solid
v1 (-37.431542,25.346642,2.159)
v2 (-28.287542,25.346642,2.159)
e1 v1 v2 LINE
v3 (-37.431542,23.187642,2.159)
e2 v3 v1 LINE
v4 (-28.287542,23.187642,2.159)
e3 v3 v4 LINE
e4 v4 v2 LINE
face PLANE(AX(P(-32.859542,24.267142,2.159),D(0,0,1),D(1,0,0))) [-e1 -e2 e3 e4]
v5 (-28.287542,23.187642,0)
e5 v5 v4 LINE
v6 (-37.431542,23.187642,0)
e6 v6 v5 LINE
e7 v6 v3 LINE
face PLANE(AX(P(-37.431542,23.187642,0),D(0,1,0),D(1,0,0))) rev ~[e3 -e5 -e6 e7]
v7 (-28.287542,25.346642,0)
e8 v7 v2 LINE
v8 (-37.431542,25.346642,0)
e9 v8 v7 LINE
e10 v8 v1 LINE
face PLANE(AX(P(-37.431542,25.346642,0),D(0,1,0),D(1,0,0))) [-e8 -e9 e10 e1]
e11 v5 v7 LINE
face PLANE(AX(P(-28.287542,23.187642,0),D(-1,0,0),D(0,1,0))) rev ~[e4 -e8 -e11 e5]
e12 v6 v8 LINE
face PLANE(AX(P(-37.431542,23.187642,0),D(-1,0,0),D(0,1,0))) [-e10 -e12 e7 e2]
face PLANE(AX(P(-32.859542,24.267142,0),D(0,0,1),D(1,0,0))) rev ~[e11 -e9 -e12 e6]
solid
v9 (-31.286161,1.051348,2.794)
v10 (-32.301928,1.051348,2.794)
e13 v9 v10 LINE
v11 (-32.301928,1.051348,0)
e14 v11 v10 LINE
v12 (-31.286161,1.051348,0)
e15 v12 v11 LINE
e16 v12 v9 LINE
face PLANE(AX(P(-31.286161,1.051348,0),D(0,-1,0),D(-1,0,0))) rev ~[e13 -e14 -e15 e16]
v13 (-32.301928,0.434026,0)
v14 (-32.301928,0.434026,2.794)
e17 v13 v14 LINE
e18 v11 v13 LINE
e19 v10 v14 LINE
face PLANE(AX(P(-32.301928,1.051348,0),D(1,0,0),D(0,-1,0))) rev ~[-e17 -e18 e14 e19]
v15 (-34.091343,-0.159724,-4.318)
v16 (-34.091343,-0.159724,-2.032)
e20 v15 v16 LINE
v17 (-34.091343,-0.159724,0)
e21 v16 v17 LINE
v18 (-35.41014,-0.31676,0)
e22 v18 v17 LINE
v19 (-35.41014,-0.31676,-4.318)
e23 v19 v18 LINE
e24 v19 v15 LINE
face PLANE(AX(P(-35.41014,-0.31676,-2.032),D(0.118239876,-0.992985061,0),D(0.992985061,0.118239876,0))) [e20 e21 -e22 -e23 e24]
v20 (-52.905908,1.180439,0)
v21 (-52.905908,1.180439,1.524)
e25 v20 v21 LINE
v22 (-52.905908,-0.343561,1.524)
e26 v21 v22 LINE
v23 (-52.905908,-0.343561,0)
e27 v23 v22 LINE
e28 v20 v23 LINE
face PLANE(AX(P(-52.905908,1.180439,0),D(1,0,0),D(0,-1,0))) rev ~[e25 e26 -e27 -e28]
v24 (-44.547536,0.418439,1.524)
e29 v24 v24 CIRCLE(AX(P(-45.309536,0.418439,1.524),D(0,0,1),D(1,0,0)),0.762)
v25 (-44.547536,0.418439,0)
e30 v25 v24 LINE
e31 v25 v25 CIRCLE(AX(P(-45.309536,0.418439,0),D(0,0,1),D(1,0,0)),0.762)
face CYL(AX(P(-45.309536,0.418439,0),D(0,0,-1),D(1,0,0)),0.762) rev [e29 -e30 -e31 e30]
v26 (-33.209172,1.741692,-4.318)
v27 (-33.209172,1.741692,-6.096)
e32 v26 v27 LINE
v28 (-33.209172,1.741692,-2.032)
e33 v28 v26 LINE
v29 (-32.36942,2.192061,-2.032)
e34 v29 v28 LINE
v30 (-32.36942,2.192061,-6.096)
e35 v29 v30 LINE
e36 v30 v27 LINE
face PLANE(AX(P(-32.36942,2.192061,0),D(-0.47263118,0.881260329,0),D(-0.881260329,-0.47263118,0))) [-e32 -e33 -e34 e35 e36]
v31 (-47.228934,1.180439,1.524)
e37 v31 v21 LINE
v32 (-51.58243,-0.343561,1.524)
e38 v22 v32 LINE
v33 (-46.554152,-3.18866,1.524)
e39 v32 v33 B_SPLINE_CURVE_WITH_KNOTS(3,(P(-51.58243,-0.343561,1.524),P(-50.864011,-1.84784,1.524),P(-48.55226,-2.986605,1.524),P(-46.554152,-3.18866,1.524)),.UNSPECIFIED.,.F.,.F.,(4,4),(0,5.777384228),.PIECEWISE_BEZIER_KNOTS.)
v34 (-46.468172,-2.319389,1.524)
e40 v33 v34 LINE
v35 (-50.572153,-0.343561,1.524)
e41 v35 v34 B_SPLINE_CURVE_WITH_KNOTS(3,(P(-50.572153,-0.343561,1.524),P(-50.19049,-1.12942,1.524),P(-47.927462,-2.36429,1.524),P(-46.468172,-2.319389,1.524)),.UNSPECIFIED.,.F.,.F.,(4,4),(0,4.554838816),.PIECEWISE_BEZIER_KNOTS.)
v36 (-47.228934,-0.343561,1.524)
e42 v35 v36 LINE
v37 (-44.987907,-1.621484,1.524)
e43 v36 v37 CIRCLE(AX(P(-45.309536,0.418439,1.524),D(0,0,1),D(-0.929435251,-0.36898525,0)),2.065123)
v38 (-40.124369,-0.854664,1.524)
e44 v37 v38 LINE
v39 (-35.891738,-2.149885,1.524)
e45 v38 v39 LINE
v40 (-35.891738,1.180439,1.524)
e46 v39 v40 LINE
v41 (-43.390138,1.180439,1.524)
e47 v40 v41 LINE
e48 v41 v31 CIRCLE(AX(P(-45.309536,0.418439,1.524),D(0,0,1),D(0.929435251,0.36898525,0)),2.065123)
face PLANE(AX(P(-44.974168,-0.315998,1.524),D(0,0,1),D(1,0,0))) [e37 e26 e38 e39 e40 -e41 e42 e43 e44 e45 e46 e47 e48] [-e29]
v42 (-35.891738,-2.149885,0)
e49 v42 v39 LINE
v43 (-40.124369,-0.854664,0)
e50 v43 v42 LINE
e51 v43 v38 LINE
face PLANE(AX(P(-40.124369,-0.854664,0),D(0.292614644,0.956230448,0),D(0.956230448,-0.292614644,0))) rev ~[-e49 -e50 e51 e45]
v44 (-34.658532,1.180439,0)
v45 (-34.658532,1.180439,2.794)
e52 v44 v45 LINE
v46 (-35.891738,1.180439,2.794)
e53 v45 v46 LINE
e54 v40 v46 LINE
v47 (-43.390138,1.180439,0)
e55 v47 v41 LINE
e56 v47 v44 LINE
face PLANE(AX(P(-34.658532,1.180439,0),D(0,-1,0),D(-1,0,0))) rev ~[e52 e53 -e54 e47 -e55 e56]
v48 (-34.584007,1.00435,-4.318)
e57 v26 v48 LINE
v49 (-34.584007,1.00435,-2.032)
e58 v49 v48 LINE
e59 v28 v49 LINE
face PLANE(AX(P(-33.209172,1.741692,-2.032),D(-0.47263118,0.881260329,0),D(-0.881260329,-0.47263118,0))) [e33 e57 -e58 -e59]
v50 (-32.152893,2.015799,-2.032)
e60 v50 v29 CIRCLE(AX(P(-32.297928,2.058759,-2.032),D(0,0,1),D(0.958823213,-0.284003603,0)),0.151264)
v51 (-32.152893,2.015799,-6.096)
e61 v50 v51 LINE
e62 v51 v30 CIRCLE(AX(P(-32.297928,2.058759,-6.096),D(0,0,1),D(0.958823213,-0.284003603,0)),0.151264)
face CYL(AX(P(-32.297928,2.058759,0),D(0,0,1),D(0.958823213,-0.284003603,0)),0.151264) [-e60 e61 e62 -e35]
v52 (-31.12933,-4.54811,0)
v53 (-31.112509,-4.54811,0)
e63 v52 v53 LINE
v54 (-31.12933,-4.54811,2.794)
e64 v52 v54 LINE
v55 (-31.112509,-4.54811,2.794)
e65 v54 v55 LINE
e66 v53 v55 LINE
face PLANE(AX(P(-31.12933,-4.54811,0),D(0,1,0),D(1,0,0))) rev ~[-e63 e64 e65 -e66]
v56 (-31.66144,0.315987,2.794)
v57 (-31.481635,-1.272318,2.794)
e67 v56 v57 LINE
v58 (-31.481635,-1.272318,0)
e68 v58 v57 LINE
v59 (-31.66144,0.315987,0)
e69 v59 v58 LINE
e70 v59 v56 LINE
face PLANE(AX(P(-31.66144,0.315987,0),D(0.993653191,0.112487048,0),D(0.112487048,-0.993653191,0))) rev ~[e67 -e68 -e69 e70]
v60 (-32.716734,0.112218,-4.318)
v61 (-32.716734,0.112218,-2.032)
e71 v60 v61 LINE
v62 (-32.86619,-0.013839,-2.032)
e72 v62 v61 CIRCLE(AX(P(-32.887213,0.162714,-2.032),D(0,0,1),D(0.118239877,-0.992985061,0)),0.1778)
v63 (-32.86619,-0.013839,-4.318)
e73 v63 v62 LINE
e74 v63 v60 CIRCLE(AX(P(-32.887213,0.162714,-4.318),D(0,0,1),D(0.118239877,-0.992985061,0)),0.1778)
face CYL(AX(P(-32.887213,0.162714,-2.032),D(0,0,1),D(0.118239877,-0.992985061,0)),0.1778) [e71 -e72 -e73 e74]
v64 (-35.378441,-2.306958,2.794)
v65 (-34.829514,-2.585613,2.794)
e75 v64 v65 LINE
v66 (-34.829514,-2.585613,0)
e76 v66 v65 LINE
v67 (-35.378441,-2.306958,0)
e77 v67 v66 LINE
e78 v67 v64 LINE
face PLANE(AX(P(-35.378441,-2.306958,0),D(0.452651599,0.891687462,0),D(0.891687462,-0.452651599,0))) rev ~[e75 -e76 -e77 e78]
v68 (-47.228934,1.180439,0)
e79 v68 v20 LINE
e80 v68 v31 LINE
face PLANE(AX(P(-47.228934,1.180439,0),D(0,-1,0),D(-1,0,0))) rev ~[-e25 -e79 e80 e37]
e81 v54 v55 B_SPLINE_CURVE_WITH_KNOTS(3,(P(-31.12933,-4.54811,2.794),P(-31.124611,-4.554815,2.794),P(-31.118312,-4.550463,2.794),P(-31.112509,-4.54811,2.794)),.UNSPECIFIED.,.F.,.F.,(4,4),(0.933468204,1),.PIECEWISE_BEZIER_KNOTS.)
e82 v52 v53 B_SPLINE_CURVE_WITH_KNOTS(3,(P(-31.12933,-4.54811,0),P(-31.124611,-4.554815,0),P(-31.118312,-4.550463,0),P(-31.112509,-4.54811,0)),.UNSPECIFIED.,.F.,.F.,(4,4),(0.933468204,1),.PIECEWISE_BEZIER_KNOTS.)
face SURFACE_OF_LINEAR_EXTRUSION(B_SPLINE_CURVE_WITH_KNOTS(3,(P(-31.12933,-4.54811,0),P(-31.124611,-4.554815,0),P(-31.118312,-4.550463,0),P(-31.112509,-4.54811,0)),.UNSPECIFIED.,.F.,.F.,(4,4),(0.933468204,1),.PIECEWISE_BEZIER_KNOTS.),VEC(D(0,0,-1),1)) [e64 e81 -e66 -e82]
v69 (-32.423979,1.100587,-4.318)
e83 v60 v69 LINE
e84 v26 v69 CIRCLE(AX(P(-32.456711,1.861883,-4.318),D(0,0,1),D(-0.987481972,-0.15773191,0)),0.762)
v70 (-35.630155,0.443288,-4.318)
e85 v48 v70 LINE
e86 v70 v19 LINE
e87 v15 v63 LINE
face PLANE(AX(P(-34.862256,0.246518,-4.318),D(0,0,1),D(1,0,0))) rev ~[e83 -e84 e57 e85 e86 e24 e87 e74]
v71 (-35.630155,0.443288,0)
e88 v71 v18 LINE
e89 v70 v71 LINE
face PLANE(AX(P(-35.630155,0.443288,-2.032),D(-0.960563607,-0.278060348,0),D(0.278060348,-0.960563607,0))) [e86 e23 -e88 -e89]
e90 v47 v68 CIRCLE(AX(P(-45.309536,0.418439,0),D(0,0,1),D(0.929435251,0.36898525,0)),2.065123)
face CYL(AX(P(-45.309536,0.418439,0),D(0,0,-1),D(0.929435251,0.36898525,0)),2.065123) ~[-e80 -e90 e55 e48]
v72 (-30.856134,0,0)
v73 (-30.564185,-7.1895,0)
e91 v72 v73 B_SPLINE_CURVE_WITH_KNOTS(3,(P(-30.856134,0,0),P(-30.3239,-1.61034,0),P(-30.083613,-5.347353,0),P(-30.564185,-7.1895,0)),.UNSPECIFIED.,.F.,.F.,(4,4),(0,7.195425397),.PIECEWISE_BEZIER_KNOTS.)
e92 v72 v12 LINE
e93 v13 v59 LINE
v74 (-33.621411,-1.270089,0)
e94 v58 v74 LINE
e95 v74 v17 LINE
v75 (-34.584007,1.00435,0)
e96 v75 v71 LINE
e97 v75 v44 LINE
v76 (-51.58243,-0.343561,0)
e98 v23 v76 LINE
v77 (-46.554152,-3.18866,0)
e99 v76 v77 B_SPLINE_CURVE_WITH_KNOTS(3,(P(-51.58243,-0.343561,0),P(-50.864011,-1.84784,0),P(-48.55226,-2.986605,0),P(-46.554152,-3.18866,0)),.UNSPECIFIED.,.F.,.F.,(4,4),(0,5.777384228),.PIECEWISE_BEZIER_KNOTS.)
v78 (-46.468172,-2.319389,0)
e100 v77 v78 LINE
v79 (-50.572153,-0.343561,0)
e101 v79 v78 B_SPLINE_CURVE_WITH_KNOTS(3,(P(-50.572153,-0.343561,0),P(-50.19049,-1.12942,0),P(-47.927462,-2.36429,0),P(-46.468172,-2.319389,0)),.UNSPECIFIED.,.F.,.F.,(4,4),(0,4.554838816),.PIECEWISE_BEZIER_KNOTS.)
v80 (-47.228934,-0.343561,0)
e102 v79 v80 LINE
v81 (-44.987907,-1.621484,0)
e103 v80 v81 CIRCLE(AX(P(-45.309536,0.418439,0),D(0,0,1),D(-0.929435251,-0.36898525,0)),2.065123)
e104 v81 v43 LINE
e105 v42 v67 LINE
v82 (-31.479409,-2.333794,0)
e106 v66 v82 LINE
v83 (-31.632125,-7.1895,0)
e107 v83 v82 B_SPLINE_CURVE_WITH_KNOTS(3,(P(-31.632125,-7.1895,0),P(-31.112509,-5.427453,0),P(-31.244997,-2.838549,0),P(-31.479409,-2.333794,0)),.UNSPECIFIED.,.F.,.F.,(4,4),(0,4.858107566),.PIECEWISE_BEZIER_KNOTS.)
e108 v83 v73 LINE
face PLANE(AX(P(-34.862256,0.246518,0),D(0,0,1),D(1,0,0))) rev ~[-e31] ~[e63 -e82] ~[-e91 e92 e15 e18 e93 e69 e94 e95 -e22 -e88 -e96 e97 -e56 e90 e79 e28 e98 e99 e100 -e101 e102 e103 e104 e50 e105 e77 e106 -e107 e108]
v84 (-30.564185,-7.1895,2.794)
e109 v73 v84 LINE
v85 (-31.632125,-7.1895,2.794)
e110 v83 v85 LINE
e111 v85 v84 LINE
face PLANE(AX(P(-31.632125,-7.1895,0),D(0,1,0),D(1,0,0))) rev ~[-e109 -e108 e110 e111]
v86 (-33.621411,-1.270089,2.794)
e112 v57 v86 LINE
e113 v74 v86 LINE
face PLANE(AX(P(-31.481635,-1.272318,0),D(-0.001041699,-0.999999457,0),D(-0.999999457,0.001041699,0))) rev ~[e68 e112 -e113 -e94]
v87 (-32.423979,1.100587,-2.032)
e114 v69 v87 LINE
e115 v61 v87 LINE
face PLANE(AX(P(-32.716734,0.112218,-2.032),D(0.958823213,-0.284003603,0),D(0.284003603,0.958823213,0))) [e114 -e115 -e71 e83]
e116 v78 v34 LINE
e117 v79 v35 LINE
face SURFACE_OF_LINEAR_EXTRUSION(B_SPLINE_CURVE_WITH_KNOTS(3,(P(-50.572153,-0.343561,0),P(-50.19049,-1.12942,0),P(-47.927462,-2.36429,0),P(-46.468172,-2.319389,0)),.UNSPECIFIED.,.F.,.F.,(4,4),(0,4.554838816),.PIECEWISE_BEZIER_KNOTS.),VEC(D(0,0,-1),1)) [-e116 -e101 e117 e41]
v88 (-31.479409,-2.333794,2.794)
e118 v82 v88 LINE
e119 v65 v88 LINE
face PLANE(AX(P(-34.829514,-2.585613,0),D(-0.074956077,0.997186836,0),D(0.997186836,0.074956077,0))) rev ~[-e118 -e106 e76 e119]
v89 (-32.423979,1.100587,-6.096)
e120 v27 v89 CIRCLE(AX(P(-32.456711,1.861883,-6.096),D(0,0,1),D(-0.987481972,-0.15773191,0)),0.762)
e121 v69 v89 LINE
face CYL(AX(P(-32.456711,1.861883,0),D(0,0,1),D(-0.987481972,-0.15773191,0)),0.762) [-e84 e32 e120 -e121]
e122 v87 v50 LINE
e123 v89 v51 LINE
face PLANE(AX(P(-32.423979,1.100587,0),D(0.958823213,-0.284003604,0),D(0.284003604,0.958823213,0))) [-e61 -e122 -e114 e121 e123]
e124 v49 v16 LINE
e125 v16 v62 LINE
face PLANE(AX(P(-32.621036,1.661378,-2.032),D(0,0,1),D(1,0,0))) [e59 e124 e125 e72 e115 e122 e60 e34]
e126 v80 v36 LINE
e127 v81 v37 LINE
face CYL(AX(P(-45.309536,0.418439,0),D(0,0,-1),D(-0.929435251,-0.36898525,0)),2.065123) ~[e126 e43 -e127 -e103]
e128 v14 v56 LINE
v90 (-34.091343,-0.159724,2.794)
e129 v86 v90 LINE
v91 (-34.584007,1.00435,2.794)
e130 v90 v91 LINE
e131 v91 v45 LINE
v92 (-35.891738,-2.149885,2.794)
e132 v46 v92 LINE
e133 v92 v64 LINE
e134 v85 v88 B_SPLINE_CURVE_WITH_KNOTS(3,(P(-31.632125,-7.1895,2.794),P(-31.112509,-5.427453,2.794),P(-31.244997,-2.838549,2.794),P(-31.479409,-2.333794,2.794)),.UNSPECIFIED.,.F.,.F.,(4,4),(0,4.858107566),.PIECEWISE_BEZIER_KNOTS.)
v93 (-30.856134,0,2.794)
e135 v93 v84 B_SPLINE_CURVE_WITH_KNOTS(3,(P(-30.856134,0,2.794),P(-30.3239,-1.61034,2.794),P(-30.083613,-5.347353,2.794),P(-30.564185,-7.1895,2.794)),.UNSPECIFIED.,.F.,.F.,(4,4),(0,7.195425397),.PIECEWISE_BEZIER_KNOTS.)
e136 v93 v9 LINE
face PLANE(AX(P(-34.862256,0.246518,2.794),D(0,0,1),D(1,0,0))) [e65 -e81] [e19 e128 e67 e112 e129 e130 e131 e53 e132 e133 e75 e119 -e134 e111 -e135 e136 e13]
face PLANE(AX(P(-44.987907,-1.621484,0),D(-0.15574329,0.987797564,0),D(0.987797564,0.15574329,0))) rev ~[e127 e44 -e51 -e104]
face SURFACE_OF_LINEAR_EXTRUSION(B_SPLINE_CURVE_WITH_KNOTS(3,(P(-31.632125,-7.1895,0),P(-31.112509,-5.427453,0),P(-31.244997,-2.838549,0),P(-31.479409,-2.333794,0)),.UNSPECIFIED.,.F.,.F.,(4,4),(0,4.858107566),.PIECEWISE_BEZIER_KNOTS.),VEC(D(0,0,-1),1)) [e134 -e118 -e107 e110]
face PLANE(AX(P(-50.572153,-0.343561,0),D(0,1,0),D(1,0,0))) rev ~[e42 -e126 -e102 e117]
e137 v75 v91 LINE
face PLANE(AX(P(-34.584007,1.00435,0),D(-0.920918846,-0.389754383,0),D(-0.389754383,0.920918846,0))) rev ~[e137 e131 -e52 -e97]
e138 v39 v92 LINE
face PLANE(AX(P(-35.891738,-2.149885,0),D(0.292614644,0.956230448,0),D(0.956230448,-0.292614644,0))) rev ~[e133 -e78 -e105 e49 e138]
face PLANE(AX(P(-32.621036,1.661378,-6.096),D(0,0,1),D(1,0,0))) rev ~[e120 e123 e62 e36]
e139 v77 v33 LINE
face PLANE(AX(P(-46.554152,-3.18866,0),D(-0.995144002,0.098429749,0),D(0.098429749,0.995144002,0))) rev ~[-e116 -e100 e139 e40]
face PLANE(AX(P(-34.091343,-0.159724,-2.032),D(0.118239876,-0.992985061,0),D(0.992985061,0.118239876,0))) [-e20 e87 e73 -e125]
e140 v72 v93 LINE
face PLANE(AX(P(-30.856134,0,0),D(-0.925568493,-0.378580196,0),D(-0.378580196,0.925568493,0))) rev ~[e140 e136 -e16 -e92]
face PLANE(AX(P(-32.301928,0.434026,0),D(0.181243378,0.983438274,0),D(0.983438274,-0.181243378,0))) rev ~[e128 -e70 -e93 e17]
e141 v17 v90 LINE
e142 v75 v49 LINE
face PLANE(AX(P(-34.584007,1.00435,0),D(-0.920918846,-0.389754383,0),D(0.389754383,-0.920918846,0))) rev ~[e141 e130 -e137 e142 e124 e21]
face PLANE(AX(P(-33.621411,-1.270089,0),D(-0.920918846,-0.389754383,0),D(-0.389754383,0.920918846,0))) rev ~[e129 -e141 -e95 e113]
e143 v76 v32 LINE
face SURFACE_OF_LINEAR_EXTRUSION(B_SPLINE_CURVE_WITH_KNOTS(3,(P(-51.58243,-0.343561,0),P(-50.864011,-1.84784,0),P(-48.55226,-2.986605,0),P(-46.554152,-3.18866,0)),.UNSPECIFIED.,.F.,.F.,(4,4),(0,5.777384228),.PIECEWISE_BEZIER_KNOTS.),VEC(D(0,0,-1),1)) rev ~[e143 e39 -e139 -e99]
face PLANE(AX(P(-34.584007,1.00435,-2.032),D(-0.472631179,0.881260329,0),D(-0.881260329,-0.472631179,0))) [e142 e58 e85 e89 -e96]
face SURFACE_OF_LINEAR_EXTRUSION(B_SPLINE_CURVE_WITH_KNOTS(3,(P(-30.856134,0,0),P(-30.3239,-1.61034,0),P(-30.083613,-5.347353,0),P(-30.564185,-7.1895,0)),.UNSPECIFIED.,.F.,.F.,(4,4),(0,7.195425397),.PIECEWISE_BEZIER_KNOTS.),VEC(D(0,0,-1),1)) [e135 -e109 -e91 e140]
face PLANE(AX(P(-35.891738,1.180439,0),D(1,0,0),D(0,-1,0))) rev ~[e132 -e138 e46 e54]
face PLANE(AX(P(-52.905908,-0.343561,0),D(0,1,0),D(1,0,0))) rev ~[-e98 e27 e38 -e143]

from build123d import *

# Parameters (mm, degrees)
F0_R     = 0.762
F1_DEPTH = 1.524
F2_DEPTH = 2.794
F3_DEPTH = 2.032
F4_DEPTH = 2.286
F5_DEPTH = 2.032
F6_DEPTH = 6.096
F7_DEPTH = 2.032
F8_W     = 9.144
F8_H     = 2.159
F9_DEPTH = 2.159


with BuildPart() as f1:
    # F0 (on Top) → F1 (new body)
    with BuildSketch(Plane.XY):
        with BuildLine():
            Line((-52.9059080714, 1.1804393729), (-52.9059080714, -0.3435606271))
            Line((-52.9059080714, -0.3435606271), (-51.582429558, -0.3435606271))
            add(Edge.make_bspline(
                [(-51.582429558, -0.3435606271), (-50.8640110493, -1.8478401471), (-48.5522598028, -2.9866045807), (-46.5541519225, -3.1886603683)],
                knots=[0, 0, 0, 0, 5.777384228, 5.777384228, 5.777384228, 5.777384228], degree=3))
            Line((-46.5541519225, -3.1886603683), (-46.4681722224, -2.3193887901))
            add(Edge.make_bspline(
                [(-50.5721531808, -0.3435606271), (-50.1904897392, -1.1294196593), (-47.9274615645, -2.3642899469), (-46.4681722224, -2.3193887901)],
                knots=[0, 0, 0, 0, 4.5548388157, 4.5548388157, 4.5548388157, 4.5548388157], degree=3))
            Line((-50.5721531808, -0.3435606271), (-47.2289341032, -0.3435606271))
            ThreePointArc((-47.2289341032, -0.3435606271), (-46.3325161766, -1.3755073899), (-44.9879067227, -1.6214842931))
            Line((-44.9879067227, -1.6214842931), (-40.1243688013, -0.8546638176))
            Line((-40.1243688013, -0.8546638176), (-35.8917377889, -2.1498848777))
            Line((-35.8917377889, -2.1498848777), (-35.8917377889, 1.1804393729))
            Line((-35.8917377889, 1.1804393729), (-43.3901375056, 1.1804393729))
            ThreePointArc((-43.3901375056, 1.1804393729), (-45.3095358044, 2.4835625725), (-47.2289341032, 1.1804393729))
            Line((-47.2289341032, 1.1804393729), (-52.9059080714, 1.1804393729))
        make_face()
        with Locations((-45.3095358044, 0.4184393729)):
            Circle(F0_R, mode=Mode.SUBTRACT)
    extrude(amount=F1_DEPTH)

    # F0 (on Top) → F2 (join)
    with BuildSketch(Plane.XY):
        Polygon((-34.0913433825, -0.1597238928), (-34.5840068127, 1.0043503495), (-35.6301553547, 0.4432875139), (-35.4101397097, -0.3167598043), align=None)
        with BuildLine():
            Line((-34.6585318036, 1.1804393729), (-35.8917377889, 1.1804393729))
            Line((-35.8917377889, 1.1804393729), (-35.8917377889, -2.1498848777))
            Line((-35.8917377889, -2.1498848777), (-35.3784411206, -2.3069580204))
            Line((-35.3784411206, -2.3069580204), (-34.8295137185, -2.5856126798))
            Line((-34.8295137185, -2.5856126798), (-31.4794085818, -2.3337935331))
            add(Edge.make_bspline(
                [(-31.6321253777, -7.1895001456), (-31.1125088483, -5.4274534341), (-31.2449969351, -2.838549437), (-31.4794085818, -2.3337935331)],
                knots=[0, 0, 0, 0, 4.8581075664, 4.8581075664, 4.8581075664, 4.8581075664], degree=3))
            Line((-31.6321253777, -7.1895001456), (-30.5641852319, -7.1895001456))
            add(Edge.make_bspline(
                [(-30.85613437, 0), (-30.3239002824, -1.6103395028), (-30.0836134702, -5.3473527078), (-30.5641852319, -7.1895001456)],
                knots=[0, 0, 0, 0, 7.1954253969, 7.1954253969, 7.1954253969, 7.1954253969], degree=3))
            Line((-30.85613437, 0), (-31.2861613929, 1.0513478192))
            Line((-31.2861613929, 1.0513478192), (-32.3019280619, 1.0513478192))
            Line((-32.3019280619, 1.0513478192), (-32.3019280619, 0.4340257832))
            Line((-32.3019280619, 0.4340257832), (-31.661439687, 0.3159865737))
            Line((-31.661439687, 0.3159865737), (-31.4816348255, -1.272317837))
            Line((-31.4816348255, -1.272317837), (-33.6214109845, -1.2700888328))
            Line((-33.6214109845, -1.2700888328), (-34.0913433825, -0.1597238928))
            Line((-34.0913433825, -0.1597238928), (-35.4101397097, -0.3167598043))
            Line((-35.4101397097, -0.3167598043), (-35.6301553547, 0.4432875139))
            Line((-35.6301553547, 0.4432875139), (-34.5840068127, 1.0043503495))
            Line((-34.5840068127, 1.0043503495), (-34.6585318036, 1.1804393729))
        make_face()
        with BuildLine():
            add(Edge.make_bspline(
                [(-31.1293303967, -4.5481100678), (-31.1246114303, -4.5548154266), (-31.118311582, -4.5504629332), (-31.1125088483, -4.5481100678)],
                knots=[0.9334682043, 0.9334682043, 0.9334682043, 0.9334682043, 1, 1, 1, 1], degree=3))
            Line((-31.1293303967, -4.5481100678), (-31.1125088483, -4.5481100678))
        make_face(mode=Mode.SUBTRACT)
    extrude(amount=F2_DEPTH)

    # F0 (on Top) → F3 (join)
    with BuildSketch(Plane.XY):
        Polygon((-34.0913433825, -0.1597238928), (-34.5840068127, 1.0043503495), (-35.6301553547, 0.4432875139), (-35.4101397097, -0.3167598043), align=None)
        with BuildLine():
            Line((-33.2091721971, 1.7416917279), (-34.5840068127, 1.0043503495))
            Line((-34.5840068127, 1.0043503495), (-34.0913433825, -0.1597238928))
            Line((-34.0913433825, -0.1597238928), (-32.8661898483, -0.013838514))
            ThreePointArc((-32.8661898483, -0.013838514), (-32.7725794729, 0.0268024284), (-32.716734131, 0.1122183892))
            Line((-32.716734131, 0.1122183892), (-32.4239792458, 1.1005867628))
            ThreePointArc((-32.4239792458, 1.1005867628), (-32.9386409699, 1.2716398998), (-33.2091721971, 1.7416917279))
        make_face()
        with BuildLine():
            Line((-32.3694203779, 2.1920613628), (-33.2091721971, 1.7416917279))
            ThreePointArc((-33.2091721971, 1.7416917279), (-32.9386409699, 1.2716398998), (-32.4239792458, 1.1005867628))
            Line((-32.4239792458, 1.1005867628), (-32.1528931797, 2.015799139))
            ThreePointArc((-32.1528931797, 2.015799139), (-32.2024336622, 2.1760679537), (-32.3694203779, 2.1920613628))
        make_face()
    extrude(amount=-F3_DEPTH)

    # F4 (add): a face of the model
    f4_faces = [f1.faces().sort_by_distance(p)[0] for p in [
        (-33.7411845506, 0.7238933588, -2.032),
    ]]
    extrude(f4_faces, amount=F4_DEPTH)

    # F0 (on Top) → F5 (cut)
    with BuildSketch(Plane.XY):
        with BuildLine():
            Line((-33.2091721971, 1.7416917279), (-34.5840068127, 1.0043503495))
            Line((-34.5840068127, 1.0043503495), (-34.0913433825, -0.1597238928))
            Line((-34.0913433825, -0.1597238928), (-32.8661898483, -0.013838514))
            ThreePointArc((-32.8661898483, -0.013838514), (-32.7725794729, 0.0268024284), (-32.716734131, 0.1122183892))
            Line((-32.716734131, 0.1122183892), (-32.4239792458, 1.1005867628))
            ThreePointArc((-32.4239792458, 1.1005867628), (-32.9386409699, 1.2716398998), (-33.2091721971, 1.7416917279))
        make_face()
        with BuildLine():
            Line((-32.3694203779, 2.1920613628), (-33.2091721971, 1.7416917279))
            ThreePointArc((-33.2091721971, 1.7416917279), (-32.9386409699, 1.2716398998), (-32.4239792458, 1.1005867628))
            Line((-32.4239792458, 1.1005867628), (-32.1528931797, 2.015799139))
            ThreePointArc((-32.1528931797, 2.015799139), (-32.2024336622, 2.1760679537), (-32.3694203779, 2.1920613628))
        make_face()
    extrude(amount=-F5_DEPTH, mode=Mode.SUBTRACT)

    # F0 (on Top) → F6 (join)
    with BuildSketch(Plane.XY):
        with BuildLine():
            Line((-32.3694203779, 2.1920613628), (-33.2091721971, 1.7416917279))
            ThreePointArc((-33.2091721971, 1.7416917279), (-32.9386409699, 1.2716398998), (-32.4239792458, 1.1005867628))
            Line((-32.4239792458, 1.1005867628), (-32.1528931797, 2.015799139))
            ThreePointArc((-32.1528931797, 2.015799139), (-32.2024336622, 2.1760679537), (-32.3694203779, 2.1920613628))
        make_face()
    extrude(amount=-F6_DEPTH)

    # F0 (on Top) → F7 (cut, through all)
    with BuildSketch(Plane.XY):
        with BuildLine():
            Line((-32.3694203779, 2.1920613628), (-33.2091721971, 1.7416917279))
            ThreePointArc((-33.2091721971, 1.7416917279), (-32.9386409699, 1.2716398998), (-32.4239792458, 1.1005867628))
            Line((-32.4239792458, 1.1005867628), (-32.1528931797, 2.015799139))
            ThreePointArc((-32.1528931797, 2.015799139), (-32.2024336622, 2.1760679537), (-32.3694203779, 2.1920613628))
        make_face()
    extrude(amount=-F7_DEPTH, mode=Mode.SUBTRACT)


with BuildPart() as f9:
    # F8 (on Top) → F9 (new body)
    with BuildSketch(Plane.XY):
        with Locations((-32.8595417796, 24.2671417072)):
            Rectangle(F8_W, F8_H)
    extrude(amount=F9_DEPTH)


solid = Compound([f1.part, f9.part])
